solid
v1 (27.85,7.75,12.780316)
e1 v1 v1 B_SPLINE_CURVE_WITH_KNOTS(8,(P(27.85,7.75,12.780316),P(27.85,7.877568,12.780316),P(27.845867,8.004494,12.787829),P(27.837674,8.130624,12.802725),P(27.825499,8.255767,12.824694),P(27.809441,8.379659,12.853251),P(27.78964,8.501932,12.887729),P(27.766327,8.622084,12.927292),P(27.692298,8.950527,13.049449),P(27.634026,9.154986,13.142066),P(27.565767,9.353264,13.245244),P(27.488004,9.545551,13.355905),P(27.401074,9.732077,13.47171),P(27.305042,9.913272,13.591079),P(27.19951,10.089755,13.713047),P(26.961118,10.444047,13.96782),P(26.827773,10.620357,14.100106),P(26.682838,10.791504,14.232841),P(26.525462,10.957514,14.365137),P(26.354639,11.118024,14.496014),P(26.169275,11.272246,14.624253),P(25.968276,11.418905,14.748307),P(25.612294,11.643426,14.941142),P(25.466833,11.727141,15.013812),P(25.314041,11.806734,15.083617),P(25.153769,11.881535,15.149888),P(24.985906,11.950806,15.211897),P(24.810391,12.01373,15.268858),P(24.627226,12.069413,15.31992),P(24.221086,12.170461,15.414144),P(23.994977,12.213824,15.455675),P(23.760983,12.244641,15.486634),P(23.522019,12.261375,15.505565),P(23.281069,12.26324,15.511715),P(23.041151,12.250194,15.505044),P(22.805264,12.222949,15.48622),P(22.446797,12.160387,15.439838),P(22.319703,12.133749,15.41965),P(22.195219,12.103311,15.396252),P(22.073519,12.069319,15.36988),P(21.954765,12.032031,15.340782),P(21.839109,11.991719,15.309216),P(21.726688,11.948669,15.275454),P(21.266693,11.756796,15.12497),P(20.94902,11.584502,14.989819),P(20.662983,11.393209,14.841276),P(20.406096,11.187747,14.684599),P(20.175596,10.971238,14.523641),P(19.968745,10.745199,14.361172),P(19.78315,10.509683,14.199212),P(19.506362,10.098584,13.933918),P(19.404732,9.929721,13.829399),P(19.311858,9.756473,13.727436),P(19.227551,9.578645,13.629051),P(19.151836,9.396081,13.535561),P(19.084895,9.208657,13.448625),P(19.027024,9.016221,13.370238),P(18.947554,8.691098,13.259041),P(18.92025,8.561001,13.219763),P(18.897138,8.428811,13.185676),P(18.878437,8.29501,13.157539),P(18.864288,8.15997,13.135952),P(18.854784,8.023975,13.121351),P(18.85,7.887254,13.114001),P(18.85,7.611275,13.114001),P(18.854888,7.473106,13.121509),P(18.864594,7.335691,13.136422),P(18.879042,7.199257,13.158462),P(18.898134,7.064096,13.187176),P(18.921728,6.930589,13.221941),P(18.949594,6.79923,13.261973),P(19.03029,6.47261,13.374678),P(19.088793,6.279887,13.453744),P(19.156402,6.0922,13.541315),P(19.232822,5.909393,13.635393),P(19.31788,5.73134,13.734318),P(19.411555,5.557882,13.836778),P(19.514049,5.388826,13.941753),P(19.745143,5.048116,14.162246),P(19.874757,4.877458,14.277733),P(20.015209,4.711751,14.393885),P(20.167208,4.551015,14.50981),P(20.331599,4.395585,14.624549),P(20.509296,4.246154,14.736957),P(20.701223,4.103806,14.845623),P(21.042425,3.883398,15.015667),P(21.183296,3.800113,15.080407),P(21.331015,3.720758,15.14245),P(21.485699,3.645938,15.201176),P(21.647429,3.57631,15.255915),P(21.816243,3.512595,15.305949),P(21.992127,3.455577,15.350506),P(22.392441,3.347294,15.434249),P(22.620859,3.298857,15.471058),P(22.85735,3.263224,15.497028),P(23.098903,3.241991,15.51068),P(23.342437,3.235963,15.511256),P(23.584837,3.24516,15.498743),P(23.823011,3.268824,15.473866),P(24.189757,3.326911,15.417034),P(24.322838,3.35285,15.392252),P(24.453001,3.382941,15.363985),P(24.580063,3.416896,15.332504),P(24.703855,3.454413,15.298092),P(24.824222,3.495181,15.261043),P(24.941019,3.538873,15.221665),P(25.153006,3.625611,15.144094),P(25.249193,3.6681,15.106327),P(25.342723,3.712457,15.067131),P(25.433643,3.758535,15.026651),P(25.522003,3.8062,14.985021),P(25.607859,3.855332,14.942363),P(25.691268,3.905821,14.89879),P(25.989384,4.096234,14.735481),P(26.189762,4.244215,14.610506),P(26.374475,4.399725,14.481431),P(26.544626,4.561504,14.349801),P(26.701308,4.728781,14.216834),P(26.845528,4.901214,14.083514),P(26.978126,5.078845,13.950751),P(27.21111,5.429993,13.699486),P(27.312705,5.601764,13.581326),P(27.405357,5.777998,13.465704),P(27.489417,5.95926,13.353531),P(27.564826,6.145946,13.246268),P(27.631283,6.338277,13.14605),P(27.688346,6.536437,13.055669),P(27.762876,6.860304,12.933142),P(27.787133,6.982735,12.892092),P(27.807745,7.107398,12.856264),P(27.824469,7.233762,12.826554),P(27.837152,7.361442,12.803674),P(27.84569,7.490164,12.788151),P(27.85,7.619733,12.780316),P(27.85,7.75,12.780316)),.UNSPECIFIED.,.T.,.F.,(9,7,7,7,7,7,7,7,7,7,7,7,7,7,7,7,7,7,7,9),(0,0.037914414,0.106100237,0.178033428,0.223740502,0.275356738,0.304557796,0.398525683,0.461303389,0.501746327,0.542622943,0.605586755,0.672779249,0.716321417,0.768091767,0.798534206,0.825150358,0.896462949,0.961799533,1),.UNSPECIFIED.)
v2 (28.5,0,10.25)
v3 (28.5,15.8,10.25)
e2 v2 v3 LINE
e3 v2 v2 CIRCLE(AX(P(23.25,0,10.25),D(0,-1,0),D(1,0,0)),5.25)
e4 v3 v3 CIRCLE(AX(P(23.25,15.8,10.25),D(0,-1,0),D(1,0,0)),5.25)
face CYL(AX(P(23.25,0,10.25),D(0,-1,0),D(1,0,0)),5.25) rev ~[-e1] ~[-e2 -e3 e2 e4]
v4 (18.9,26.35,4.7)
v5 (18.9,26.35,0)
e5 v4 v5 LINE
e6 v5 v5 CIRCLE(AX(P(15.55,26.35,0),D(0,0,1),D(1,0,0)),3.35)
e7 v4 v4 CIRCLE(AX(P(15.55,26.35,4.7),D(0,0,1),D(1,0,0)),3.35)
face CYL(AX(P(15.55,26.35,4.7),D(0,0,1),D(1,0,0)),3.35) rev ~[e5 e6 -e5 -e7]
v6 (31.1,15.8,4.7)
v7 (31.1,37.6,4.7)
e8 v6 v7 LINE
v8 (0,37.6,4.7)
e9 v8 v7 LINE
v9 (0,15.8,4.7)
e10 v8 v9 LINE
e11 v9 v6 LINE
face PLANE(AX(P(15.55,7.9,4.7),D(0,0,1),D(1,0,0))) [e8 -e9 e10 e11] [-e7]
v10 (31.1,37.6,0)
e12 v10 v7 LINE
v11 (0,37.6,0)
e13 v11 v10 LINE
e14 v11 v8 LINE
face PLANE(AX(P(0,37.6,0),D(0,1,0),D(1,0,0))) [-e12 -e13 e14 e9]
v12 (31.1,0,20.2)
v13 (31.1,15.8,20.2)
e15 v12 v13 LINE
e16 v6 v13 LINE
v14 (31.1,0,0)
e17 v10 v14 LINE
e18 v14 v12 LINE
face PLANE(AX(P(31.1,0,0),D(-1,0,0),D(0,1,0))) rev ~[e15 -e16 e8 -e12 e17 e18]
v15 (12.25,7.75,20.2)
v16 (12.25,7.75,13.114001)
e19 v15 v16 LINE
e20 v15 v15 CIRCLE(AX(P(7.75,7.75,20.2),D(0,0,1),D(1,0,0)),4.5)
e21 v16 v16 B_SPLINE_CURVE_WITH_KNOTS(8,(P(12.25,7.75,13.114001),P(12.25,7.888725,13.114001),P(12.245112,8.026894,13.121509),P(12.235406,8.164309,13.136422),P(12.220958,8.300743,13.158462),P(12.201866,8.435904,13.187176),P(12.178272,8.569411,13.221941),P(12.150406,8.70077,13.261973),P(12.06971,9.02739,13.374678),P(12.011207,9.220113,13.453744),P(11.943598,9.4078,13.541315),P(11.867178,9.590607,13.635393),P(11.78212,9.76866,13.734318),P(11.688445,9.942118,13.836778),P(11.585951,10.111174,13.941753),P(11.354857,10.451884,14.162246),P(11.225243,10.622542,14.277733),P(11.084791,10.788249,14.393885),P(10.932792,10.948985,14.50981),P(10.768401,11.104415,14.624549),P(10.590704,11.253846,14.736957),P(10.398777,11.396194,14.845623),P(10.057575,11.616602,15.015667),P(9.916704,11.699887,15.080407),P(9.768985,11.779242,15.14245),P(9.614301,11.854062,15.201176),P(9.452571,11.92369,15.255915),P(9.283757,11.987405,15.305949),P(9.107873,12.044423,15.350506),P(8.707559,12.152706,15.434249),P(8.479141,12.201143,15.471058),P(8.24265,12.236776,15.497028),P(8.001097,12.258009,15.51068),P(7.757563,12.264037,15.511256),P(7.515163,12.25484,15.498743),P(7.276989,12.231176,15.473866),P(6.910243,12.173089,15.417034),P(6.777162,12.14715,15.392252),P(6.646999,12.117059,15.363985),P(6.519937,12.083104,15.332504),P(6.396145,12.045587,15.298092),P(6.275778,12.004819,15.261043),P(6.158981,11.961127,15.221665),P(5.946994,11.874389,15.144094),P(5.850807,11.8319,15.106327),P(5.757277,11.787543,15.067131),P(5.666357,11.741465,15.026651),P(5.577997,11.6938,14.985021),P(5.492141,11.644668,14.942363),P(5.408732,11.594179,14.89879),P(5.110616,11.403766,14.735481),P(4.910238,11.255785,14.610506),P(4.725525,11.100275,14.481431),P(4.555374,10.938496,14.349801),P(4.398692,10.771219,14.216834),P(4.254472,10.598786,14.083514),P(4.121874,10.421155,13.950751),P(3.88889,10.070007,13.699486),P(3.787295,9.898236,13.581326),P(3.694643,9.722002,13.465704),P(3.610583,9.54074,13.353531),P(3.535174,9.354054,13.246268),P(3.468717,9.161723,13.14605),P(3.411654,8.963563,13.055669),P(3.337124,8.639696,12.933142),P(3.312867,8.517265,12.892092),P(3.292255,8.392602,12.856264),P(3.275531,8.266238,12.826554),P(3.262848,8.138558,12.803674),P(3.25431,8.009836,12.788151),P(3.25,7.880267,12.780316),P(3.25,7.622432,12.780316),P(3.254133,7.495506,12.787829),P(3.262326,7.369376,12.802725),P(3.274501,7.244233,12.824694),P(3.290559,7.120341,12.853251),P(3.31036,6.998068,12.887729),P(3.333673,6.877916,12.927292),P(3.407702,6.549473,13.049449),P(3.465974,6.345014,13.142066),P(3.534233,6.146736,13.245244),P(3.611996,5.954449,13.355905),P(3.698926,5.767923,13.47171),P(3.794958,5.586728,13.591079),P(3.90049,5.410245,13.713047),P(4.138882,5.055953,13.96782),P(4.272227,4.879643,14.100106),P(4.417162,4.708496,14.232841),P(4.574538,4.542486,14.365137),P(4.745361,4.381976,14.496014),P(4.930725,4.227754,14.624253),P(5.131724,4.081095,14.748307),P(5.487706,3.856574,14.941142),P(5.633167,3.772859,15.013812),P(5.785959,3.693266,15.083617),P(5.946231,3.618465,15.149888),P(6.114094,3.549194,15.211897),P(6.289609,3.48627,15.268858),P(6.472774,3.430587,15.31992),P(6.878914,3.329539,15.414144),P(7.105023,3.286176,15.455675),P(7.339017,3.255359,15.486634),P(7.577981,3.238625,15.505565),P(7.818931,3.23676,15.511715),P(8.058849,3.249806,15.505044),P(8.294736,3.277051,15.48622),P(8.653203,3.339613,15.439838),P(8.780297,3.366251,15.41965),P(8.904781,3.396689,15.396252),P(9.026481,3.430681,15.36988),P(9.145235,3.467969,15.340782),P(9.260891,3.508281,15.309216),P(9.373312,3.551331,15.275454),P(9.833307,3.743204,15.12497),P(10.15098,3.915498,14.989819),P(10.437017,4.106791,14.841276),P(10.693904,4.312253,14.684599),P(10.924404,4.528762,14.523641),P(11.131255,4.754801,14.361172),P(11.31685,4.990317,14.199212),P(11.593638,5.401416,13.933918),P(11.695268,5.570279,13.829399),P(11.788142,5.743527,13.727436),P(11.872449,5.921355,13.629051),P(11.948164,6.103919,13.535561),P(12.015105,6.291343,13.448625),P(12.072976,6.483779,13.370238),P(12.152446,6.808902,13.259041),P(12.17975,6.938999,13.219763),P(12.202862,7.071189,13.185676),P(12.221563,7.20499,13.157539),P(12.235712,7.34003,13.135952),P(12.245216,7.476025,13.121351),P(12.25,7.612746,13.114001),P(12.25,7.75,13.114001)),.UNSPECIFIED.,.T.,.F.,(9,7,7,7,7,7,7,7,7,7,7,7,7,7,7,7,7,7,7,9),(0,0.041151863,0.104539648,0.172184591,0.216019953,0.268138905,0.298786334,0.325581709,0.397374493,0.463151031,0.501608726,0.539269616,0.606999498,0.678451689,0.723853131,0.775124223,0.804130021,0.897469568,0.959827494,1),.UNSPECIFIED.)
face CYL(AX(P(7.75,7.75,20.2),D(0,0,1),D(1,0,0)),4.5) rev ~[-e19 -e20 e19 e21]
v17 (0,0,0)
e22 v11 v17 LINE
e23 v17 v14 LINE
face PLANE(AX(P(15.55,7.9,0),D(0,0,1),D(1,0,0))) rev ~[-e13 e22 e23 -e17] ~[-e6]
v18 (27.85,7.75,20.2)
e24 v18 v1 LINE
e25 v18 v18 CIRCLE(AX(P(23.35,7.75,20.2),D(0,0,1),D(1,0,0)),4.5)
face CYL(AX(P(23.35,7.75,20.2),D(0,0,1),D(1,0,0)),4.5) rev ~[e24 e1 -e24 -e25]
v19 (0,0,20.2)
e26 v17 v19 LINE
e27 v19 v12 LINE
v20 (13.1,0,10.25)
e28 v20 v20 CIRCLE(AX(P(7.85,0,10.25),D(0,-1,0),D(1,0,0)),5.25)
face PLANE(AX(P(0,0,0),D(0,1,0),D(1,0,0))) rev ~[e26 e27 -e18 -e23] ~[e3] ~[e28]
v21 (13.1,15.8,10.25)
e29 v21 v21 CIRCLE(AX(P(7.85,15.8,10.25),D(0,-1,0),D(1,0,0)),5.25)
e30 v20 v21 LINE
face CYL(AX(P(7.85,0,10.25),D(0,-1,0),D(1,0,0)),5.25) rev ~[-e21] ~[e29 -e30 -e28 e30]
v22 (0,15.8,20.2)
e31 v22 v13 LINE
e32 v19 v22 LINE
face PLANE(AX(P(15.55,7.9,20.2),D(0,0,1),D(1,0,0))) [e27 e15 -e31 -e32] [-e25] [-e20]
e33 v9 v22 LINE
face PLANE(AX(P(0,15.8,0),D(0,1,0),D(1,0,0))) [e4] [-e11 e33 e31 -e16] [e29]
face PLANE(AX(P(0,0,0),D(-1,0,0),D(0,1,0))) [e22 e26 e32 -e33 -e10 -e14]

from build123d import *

# Parameters (mm, degrees)
F0_W     = 31.1
F0_H     = 15.8
F1_DEPTH = 20.2
F0_H_2   = 21.8
F2_DEPTH = 4.7
F3_R     = 5.25
F4_DEPTH = 37.601
F5_R     = 3.35
F6_DEPTH = 4.701
F7_R     = 4.5
F8_DEPTH = 9


with BuildPart() as f1:
    # F0 (on Top) → F1 (new body)
    with BuildSketch(Plane.XY):
        with Locations((15.55, 7.9)):
            Rectangle(F0_W, F0_H)
    extrude(amount=F1_DEPTH)

    # F0 (on Top) → F2 (join)
    with BuildSketch(Plane.XY):
        with Locations((15.55, 7.9)):
            Rectangle(F0_W, F0_H)
        with Locations((15.55, 26.7)):
            Rectangle(F0_W, F0_H_2)
    extrude(amount=F2_DEPTH)

    # F3 (on face) → F4 (cut, through all)
    with BuildSketch(Plane.XZ):
        with Locations((7.85, 10.25)):
            Circle(F3_R)
        with Locations((23.25, 10.25)):
            Circle(F3_R)
    extrude(amount=-F4_DEPTH, mode=Mode.SUBTRACT)

    # F5 (on face) → F6 (cut, through all)
    with BuildSketch(Plane.XY.offset(4.7)):
        with Locations((15.55, 26.35)):
            Circle(F5_R)
    extrude(amount=-F6_DEPTH, mode=Mode.SUBTRACT)

    # F7 (on face) → F8 (cut)
    with BuildSketch(Plane.XY.offset(20.2)):
        with Locations((7.75, 7.75)):
            Circle(F7_R)
        with Locations((23.35, 7.75)):
            Circle(F7_R)
    extrude(amount=-F8_DEPTH, mode=Mode.SUBTRACT)


solid = f1.part
